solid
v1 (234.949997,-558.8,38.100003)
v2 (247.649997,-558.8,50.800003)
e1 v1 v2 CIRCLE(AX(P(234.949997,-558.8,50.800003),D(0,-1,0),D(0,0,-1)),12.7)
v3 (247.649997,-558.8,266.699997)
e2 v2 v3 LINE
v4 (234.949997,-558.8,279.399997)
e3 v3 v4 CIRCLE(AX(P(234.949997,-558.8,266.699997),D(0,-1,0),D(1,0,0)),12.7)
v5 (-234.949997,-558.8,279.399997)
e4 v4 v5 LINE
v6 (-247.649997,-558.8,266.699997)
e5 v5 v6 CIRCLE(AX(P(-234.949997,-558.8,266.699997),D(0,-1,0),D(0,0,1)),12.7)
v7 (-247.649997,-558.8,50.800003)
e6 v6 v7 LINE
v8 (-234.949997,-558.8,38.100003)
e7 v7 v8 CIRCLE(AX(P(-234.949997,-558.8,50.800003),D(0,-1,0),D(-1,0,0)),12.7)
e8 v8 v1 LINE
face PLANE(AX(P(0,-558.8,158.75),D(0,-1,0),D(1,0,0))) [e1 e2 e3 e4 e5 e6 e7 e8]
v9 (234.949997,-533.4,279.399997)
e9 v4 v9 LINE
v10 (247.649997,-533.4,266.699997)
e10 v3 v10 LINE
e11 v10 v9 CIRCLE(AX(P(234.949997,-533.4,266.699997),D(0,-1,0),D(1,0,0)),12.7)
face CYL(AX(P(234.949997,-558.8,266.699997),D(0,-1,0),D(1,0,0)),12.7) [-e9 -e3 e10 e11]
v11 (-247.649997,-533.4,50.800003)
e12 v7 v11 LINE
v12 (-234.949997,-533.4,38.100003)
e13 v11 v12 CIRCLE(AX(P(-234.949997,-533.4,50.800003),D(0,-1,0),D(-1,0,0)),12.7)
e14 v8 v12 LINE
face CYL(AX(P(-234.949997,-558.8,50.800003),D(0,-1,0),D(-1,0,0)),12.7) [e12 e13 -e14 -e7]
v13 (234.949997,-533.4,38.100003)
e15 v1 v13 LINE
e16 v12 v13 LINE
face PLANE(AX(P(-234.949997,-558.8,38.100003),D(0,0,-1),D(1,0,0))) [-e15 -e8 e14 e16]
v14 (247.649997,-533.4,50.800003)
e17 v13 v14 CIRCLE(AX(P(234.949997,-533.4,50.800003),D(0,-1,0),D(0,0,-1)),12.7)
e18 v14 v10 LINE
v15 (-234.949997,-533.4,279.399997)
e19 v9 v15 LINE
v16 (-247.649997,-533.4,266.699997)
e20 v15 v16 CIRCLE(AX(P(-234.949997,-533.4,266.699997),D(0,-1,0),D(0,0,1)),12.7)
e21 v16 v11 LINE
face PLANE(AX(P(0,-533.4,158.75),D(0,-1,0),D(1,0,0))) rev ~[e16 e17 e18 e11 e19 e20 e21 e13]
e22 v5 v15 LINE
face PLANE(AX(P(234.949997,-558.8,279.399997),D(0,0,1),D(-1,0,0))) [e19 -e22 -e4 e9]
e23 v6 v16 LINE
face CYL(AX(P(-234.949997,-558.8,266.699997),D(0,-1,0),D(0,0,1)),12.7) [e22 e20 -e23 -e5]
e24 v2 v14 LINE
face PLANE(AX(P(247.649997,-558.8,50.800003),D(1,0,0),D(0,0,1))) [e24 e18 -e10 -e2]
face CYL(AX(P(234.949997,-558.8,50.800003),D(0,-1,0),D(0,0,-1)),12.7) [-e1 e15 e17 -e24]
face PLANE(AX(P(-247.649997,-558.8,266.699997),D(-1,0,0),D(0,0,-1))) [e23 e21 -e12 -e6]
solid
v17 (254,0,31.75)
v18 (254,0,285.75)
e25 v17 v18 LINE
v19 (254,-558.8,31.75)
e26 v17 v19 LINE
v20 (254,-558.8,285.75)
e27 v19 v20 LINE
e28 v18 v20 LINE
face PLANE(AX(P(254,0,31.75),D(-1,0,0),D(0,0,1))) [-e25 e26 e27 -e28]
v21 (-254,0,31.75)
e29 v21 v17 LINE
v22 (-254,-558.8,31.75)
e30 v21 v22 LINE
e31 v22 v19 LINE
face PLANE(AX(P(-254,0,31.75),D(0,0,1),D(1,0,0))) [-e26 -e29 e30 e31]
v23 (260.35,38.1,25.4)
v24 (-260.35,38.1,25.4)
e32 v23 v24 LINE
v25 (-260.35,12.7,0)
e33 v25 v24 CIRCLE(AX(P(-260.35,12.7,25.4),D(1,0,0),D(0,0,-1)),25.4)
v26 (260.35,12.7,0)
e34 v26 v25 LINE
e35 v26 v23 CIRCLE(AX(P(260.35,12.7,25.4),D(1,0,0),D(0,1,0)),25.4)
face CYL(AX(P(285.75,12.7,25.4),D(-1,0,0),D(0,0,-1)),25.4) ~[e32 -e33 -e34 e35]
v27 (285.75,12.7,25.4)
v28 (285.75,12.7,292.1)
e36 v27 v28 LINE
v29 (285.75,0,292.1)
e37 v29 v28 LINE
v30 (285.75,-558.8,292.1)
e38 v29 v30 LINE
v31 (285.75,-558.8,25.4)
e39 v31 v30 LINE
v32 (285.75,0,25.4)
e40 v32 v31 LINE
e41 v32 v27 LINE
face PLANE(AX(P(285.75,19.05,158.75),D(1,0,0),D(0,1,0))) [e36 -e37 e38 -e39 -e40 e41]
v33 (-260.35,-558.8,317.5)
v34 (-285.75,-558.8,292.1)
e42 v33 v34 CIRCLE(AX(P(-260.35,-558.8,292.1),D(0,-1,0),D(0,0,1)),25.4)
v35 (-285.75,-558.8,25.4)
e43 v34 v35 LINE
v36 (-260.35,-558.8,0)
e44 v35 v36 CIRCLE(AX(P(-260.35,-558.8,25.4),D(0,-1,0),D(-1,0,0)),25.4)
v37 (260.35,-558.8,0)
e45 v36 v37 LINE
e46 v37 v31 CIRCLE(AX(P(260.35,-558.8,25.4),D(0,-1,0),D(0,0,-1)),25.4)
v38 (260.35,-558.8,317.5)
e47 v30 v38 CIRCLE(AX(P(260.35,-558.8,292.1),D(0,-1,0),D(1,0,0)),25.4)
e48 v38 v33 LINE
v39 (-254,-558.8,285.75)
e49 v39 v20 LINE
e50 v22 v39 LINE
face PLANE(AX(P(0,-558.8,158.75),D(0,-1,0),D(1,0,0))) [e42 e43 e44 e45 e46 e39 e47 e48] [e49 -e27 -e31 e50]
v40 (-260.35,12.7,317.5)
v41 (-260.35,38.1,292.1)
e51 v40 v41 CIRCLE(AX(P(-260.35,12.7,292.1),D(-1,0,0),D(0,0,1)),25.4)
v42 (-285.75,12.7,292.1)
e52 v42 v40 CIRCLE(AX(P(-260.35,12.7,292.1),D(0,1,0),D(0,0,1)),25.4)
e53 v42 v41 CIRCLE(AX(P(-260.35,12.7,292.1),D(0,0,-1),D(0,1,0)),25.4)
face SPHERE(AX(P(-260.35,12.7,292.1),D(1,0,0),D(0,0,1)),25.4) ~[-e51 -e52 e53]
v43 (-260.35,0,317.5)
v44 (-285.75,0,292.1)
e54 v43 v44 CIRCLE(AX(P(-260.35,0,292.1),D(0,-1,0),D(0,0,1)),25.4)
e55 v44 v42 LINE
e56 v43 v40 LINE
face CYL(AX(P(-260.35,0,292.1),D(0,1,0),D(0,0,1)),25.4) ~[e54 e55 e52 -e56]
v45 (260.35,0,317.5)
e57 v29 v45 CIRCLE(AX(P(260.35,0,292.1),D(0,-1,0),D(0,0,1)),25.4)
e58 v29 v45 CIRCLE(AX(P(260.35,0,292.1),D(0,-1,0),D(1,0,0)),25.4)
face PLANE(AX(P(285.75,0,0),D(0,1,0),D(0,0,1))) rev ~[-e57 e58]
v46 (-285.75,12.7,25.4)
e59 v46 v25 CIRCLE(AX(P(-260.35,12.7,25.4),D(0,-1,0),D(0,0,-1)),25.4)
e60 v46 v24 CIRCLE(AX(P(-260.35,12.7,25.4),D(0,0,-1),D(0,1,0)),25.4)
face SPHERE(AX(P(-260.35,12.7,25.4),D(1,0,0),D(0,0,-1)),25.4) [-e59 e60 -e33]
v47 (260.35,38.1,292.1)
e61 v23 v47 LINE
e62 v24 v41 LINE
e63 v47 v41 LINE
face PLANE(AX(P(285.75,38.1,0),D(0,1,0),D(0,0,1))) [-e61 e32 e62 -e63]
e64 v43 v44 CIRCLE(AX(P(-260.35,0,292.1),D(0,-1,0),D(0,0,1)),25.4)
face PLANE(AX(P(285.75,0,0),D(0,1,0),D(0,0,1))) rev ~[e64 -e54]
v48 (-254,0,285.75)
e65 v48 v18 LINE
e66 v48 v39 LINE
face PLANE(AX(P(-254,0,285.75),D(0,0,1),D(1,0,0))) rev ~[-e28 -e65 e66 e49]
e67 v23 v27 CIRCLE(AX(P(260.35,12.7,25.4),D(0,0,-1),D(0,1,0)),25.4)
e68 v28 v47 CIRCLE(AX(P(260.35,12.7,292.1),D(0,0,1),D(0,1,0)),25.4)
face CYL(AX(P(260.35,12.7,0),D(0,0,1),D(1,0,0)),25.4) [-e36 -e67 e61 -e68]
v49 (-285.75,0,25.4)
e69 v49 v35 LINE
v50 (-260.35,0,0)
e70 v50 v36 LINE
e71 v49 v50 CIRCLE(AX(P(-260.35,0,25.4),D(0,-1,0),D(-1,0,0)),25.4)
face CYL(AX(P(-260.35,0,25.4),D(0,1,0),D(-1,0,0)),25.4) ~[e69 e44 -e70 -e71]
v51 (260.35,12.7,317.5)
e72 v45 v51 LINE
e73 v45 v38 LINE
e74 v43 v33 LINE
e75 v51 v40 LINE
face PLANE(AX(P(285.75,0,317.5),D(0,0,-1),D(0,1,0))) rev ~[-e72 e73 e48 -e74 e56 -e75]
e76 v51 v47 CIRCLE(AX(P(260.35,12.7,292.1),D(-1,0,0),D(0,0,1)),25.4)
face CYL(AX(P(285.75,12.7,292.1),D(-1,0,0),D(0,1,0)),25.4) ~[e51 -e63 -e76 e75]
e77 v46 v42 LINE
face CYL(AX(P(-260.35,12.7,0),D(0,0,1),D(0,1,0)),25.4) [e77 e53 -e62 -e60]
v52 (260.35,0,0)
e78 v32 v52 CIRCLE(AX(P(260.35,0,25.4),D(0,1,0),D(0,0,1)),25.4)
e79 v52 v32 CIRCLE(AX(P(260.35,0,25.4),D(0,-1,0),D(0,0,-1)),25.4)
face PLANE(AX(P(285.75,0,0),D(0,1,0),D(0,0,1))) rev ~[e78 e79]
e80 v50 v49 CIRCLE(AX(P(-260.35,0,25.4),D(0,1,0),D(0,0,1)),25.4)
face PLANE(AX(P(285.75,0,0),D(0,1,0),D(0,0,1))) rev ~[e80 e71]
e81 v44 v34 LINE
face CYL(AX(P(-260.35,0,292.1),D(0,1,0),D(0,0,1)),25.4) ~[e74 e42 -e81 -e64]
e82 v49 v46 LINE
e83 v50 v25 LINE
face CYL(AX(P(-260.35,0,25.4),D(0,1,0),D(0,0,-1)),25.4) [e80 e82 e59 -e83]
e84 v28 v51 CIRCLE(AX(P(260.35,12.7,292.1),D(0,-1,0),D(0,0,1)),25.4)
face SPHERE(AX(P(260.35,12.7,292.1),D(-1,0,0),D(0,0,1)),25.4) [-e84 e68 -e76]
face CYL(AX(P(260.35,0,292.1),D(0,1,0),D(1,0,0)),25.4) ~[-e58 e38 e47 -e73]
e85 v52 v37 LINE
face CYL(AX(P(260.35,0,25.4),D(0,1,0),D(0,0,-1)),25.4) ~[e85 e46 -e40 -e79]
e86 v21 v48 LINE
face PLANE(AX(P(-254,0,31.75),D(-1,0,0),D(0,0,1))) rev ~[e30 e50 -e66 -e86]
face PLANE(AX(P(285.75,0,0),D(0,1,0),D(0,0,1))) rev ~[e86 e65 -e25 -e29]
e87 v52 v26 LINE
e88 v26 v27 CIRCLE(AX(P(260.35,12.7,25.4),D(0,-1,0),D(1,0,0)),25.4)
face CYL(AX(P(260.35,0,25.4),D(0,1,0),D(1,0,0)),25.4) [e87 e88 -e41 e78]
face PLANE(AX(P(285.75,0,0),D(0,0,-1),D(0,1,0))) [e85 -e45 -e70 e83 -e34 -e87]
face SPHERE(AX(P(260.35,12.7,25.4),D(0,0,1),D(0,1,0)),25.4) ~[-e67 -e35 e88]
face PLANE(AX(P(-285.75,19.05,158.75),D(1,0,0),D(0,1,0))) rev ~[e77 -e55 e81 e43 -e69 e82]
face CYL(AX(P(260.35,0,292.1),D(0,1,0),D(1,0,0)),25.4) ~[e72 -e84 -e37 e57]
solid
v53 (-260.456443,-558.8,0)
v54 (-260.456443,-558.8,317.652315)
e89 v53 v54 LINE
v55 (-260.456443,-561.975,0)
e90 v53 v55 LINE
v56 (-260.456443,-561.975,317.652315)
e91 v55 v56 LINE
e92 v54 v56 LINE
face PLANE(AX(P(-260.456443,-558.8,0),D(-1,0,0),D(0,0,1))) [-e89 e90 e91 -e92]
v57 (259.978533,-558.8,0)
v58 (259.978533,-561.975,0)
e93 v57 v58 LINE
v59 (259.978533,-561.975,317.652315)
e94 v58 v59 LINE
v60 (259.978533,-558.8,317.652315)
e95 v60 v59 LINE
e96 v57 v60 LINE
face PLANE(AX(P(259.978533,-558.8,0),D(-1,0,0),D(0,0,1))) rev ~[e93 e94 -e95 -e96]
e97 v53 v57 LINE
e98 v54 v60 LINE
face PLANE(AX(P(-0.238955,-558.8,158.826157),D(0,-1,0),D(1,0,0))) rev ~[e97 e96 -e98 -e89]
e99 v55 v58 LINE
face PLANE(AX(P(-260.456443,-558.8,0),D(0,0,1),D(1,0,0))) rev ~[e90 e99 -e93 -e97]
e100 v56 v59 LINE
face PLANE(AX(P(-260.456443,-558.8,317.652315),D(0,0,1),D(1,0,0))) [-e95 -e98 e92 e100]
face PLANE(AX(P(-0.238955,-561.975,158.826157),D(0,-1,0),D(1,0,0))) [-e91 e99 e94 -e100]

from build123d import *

# Parameters (mm, degrees)
F0_W     = 508
F0_H     = 254
F1_DEPTH = 558.8
F2_W     = 38.1
F2_H     = 317.5
F3_DEPTH = 571.5
F4_R     = 25.4
F6_DEPTH = 25.4
F7_W     = 520.4349756241
F7_H     = 317.6523149014
F8_DEPTH = 3.175


with BuildPart() as f1:
    # F0 (on Front) → F1 (new body)
    with BuildSketch(Plane.XZ):
        with BuildLine():
            ThreePointArc((285.75, 292.1), (278.3105122421, 310.0605122421), (260.35, 317.5))
            Line((260.35, 317.5), (-260.35, 317.5))
            ThreePointArc((-260.35, 317.5), (-278.3105122421, 310.0605122421), (-285.75, 292.1))
            Line((-285.75, 292.1), (-285.75, 25.4))
            ThreePointArc((-285.75, 25.4), (-278.3105122421, 7.4394877579), (-260.35, 0))
            Line((-260.35, 0), (260.35, 0))
            ThreePointArc((260.35, 0), (278.3105122421, 7.4394877579), (285.75, 25.4))
            Line((285.75, 25.4), (285.75, 292.1))
        make_face()
        with Locations((0, 158.75)):
            Rectangle(F0_W, F0_H, mode=Mode.SUBTRACT)
    extrude(amount=F1_DEPTH)

    # F2 (on face) → F3 (join, through all)
    with BuildSketch(Plane.YZ.offset(285.75)):
        with Locations((19.05, 158.75)):
            Rectangle(F2_W, F2_H)
    extrude(amount=-F3_DEPTH)

    # F4
    f4_edges = [f1.edges().sort_by_distance(p)[0] for p in [
        (0, 38.1, 317.5),
        (285.75, 19.05, 317.5),
        (285.75, 38.1, 158.75),
        (-285.75, 19.05, 317.5),
        (0, 38.1, 0),
        (-285.75, 19.05, 0),
        (-285.75, 38.1, 158.75),
        (285.75, 19.05, 0),
    ]]
    fillet(f4_edges, radius=F4_R)


with BuildPart() as f6:
    # F5 (on face) → F6 (new body)
    with BuildSketch(Plane.XZ.offset(558.8)):
        with BuildLine():
            Line((-247.6499974728, 266.6999974728), (-247.6499974728, 50.8000025272))
            ThreePointArc((-247.6499974728, 50.8000025272), (-243.9302535938, 41.8197464062), (-234.9499974728, 38.1000025272))
            Line((-234.9499974728, 38.1000025272), (234.9499974728, 38.1000025272))
            ThreePointArc((234.9499974728, 38.1000025272), (243.9302535938, 41.8197464062), (247.6499974728, 50.8000025272))
            Line((247.6499974728, 50.8000025272), (247.6499974728, 266.6999974728))
            ThreePointArc((247.6499974728, 266.6999974728), (243.9302535938, 275.6802535938), (234.9499974728, 279.3999974728))
            Line((234.9499974728, 279.3999974728), (-234.9499974728, 279.3999974728))
            ThreePointArc((-234.9499974728, 279.3999974728), (-243.9302535938, 275.6802535938), (-247.6499974728, 266.6999974728))
        make_face()
    extrude(amount=-F6_DEPTH)


with BuildPart() as f8:
    # F7 (on face) → F8 (new body)
    with BuildSketch(Plane.XZ.offset(558.8)):
        with Locations((-0.2389550209, 158.8261574507)):
            Rectangle(F7_W, F7_H)
    extrude(amount=F8_DEPTH)


solid = Compound([f1.part, f6.part, f8.part])
